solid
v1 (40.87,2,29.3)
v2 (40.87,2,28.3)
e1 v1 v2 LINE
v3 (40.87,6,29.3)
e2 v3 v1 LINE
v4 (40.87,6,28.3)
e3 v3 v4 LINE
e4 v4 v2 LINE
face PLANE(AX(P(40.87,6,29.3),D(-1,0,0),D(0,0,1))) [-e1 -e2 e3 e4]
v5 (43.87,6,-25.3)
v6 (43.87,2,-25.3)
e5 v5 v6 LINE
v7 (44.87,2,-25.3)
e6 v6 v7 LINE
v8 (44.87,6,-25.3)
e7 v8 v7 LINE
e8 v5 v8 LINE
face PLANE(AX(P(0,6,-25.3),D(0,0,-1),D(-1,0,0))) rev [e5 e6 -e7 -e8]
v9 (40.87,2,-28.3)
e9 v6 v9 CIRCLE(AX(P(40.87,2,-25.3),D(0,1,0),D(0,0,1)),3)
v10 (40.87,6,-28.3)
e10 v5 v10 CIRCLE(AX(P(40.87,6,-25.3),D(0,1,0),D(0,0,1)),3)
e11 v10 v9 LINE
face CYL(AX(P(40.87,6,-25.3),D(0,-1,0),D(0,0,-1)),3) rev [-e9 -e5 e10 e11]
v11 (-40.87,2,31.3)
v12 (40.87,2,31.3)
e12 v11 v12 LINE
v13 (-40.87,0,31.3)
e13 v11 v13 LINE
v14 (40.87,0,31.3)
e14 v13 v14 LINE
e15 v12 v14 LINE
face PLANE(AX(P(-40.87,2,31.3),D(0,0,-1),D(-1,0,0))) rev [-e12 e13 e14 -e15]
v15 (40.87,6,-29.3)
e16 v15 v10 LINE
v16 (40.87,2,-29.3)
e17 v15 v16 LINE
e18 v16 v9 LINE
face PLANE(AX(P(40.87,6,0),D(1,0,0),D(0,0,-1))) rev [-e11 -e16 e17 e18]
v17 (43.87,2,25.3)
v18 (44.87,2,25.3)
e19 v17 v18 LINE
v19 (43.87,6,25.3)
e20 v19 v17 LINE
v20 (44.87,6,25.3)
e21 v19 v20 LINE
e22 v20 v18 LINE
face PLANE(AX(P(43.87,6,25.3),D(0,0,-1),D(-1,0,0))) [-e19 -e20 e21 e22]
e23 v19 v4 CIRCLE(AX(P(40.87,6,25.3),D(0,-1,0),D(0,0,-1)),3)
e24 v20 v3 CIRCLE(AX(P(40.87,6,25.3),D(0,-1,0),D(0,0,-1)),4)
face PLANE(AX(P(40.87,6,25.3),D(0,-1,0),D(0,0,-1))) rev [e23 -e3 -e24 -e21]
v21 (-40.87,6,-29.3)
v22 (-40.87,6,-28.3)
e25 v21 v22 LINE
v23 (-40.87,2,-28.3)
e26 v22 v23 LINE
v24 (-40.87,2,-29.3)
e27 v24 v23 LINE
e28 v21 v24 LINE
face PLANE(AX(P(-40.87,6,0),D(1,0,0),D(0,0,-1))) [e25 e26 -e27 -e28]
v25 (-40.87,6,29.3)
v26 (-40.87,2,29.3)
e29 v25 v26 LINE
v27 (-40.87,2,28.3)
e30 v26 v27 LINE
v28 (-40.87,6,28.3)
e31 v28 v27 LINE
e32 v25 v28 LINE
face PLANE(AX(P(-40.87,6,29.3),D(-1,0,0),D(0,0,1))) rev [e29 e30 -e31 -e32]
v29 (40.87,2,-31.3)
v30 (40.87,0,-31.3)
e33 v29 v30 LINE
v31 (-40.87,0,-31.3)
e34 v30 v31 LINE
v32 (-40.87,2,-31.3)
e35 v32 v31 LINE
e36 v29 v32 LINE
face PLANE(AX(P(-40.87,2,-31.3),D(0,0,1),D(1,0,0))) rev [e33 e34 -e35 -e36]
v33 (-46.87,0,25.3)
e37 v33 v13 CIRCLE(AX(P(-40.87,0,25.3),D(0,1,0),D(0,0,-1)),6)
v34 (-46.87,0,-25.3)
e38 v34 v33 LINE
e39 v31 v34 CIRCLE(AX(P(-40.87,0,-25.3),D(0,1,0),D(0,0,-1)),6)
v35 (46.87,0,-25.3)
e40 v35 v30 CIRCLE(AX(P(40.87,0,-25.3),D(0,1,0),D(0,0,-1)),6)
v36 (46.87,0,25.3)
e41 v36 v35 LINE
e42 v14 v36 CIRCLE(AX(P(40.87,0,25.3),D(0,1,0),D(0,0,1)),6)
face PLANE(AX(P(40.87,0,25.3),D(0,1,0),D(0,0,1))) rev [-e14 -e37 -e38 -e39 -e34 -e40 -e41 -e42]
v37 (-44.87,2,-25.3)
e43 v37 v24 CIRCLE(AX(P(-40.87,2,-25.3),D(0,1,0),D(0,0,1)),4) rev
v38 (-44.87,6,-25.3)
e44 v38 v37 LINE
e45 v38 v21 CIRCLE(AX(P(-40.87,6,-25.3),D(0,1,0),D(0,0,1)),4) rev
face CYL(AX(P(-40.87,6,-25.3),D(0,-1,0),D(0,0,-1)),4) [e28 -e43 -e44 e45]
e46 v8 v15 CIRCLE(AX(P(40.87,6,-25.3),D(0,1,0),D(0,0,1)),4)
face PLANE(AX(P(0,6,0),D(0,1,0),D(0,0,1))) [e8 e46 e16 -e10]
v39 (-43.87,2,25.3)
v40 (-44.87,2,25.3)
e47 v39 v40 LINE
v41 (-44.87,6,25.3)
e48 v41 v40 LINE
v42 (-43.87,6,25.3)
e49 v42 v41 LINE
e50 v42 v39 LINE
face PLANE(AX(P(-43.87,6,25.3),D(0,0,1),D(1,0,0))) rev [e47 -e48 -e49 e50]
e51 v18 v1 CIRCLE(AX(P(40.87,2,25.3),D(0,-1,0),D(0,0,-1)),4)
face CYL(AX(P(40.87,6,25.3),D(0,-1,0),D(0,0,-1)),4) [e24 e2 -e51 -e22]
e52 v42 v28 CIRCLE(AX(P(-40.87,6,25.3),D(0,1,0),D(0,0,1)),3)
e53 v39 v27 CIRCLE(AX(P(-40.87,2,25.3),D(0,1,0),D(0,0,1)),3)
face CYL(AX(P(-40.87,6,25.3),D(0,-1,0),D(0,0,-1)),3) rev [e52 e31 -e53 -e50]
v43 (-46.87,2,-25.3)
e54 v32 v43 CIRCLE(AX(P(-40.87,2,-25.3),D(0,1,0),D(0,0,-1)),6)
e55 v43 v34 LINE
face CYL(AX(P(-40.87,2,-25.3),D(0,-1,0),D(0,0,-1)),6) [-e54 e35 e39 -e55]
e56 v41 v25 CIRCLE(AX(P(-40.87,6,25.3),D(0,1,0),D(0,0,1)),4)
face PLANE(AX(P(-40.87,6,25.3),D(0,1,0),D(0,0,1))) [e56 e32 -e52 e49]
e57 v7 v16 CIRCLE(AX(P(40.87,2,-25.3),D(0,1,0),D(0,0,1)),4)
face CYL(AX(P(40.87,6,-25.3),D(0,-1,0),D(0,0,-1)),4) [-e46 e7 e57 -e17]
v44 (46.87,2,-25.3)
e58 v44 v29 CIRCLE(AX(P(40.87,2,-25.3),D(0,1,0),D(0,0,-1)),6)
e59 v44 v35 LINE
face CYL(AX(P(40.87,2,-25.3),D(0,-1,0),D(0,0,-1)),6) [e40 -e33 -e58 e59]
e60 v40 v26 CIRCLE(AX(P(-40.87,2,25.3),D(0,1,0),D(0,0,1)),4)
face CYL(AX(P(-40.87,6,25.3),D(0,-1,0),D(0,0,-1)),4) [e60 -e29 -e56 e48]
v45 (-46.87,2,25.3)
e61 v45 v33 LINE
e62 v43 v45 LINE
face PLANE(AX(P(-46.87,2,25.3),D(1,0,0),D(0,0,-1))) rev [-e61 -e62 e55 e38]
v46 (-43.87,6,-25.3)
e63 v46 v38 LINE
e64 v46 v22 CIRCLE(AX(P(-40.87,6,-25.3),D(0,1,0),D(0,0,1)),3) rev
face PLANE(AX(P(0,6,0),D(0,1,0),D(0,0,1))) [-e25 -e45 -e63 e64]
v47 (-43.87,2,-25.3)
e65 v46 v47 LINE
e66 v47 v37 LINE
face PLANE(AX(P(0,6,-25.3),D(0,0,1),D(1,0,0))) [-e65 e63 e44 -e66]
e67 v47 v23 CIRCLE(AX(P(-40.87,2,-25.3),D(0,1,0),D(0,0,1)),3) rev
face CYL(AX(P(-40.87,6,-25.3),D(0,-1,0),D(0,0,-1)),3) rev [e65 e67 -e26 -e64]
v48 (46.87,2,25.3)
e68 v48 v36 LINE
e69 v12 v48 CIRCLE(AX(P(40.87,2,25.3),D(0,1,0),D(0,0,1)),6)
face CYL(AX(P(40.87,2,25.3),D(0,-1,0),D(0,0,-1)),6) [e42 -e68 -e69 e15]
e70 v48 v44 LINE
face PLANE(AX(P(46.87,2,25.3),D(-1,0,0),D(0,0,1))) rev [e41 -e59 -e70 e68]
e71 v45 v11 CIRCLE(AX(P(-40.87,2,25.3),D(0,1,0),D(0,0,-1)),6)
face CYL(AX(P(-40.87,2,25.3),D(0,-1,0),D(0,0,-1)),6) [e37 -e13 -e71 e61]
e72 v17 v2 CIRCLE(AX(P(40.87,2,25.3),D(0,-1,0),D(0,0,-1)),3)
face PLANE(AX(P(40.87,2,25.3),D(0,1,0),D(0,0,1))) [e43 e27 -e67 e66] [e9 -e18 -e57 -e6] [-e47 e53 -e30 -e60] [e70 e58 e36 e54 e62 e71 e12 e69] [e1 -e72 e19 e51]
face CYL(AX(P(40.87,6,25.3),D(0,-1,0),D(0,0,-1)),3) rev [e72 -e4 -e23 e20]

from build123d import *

# Parameters (mm, degrees)
SALIENTE_EXTRUIR1_DEPTH = 2
SALIENTE_EXTRUIR2_DEPTH = 4


with BuildPart() as part:
    # Croquis1 → Saliente-Extruir1 (new body)
    with BuildSketch(Plane(origin=(0, 0, 0), x_dir=(1, 0, 0), z_dir=(0, 1, 0))):
        with BuildLine():
            Line((-40.87, -31.3), (40.87, -31.3))
            ThreePointArc((40.87, -31.3), (45.112640687, -29.542640687), (46.87, -25.3))
            Line((46.87, -25.3), (46.87, 25.3))
            ThreePointArc((46.87, 25.3), (45.112640687, 29.542640687), (40.87, 31.3))
            Line((40.87, 31.3), (-40.87, 31.3))
            ThreePointArc((-40.87, 31.3), (-45.112640687, 29.542640687), (-46.87, 25.3))
            Line((-46.87, 25.3), (-46.87, -25.3))
            ThreePointArc((-46.87, -25.3), (-45.112640687, -29.542640687), (-40.87, -31.3))
        make_face()
    extrude(amount=SALIENTE_EXTRUIR1_DEPTH)

    # Croquis2 → Saliente-Extruir2 (add)
    with BuildSketch(Plane(origin=(0, 2, 0), x_dir=(1, 0, 0), z_dir=(0, 1, 0))):
        with BuildLine():
            ThreePointArc((43.87, 25.3), (42.991320344, 27.421320344), (40.87, 28.3))
            Line((40.87, 28.3), (40.87, 29.3))
            ThreePointArc((40.87, 29.3), (43.698427125, 28.128427125), (44.87, 25.3))
            Line((44.87, 25.3), (43.87, 25.3))
        make_face()
        with BuildLine():
            Line((-44.87, 25.3), (-44.37, 25.3))
            ThreePointArc((-44.37, 25.3), (-43.344873734, 27.774873734), (-40.87, 28.8))
            Line((-40.87, 28.8), (-40.87, 29.3))
            ThreePointArc((-40.87, 29.3), (-43.698427125, 28.128427125), (-44.87, 25.3))
        make_face()
        with BuildLine():
            Line((-44.37, 25.3), (-43.87, 25.3))
            ThreePointArc((-43.87, 25.3), (-42.991320344, 27.421320344), (-40.87, 28.3))
            Line((-40.87, 28.3), (-40.87, 28.8))
            ThreePointArc((-40.87, 28.8), (-43.344873734, 27.774873734), (-44.37, 25.3))
        make_face()
        with BuildLine():
            ThreePointArc((-44.87, -25.3), (-43.698427125, -28.128427125), (-40.87, -29.3))
            Line((-40.87, -29.3), (-40.87, -28.3))
            ThreePointArc((-40.87, -28.3), (-42.991320344, -27.421320344), (-43.87, -25.3))
            Line((-43.87, -25.3), (-44.87, -25.3))
        make_face()
        with BuildLine():
            ThreePointArc((43.87, -25.3), (42.991320344, -27.421320344), (40.87, -28.3))
            Line((40.87, -28.3), (40.87, -29.3))
            ThreePointArc((40.87, -29.3), (43.698427125, -28.128427125), (44.87, -25.3))
            Line((44.87, -25.3), (43.87, -25.3))
        make_face()
    extrude(amount=SALIENTE_EXTRUIR2_DEPTH)


solid = part.part
